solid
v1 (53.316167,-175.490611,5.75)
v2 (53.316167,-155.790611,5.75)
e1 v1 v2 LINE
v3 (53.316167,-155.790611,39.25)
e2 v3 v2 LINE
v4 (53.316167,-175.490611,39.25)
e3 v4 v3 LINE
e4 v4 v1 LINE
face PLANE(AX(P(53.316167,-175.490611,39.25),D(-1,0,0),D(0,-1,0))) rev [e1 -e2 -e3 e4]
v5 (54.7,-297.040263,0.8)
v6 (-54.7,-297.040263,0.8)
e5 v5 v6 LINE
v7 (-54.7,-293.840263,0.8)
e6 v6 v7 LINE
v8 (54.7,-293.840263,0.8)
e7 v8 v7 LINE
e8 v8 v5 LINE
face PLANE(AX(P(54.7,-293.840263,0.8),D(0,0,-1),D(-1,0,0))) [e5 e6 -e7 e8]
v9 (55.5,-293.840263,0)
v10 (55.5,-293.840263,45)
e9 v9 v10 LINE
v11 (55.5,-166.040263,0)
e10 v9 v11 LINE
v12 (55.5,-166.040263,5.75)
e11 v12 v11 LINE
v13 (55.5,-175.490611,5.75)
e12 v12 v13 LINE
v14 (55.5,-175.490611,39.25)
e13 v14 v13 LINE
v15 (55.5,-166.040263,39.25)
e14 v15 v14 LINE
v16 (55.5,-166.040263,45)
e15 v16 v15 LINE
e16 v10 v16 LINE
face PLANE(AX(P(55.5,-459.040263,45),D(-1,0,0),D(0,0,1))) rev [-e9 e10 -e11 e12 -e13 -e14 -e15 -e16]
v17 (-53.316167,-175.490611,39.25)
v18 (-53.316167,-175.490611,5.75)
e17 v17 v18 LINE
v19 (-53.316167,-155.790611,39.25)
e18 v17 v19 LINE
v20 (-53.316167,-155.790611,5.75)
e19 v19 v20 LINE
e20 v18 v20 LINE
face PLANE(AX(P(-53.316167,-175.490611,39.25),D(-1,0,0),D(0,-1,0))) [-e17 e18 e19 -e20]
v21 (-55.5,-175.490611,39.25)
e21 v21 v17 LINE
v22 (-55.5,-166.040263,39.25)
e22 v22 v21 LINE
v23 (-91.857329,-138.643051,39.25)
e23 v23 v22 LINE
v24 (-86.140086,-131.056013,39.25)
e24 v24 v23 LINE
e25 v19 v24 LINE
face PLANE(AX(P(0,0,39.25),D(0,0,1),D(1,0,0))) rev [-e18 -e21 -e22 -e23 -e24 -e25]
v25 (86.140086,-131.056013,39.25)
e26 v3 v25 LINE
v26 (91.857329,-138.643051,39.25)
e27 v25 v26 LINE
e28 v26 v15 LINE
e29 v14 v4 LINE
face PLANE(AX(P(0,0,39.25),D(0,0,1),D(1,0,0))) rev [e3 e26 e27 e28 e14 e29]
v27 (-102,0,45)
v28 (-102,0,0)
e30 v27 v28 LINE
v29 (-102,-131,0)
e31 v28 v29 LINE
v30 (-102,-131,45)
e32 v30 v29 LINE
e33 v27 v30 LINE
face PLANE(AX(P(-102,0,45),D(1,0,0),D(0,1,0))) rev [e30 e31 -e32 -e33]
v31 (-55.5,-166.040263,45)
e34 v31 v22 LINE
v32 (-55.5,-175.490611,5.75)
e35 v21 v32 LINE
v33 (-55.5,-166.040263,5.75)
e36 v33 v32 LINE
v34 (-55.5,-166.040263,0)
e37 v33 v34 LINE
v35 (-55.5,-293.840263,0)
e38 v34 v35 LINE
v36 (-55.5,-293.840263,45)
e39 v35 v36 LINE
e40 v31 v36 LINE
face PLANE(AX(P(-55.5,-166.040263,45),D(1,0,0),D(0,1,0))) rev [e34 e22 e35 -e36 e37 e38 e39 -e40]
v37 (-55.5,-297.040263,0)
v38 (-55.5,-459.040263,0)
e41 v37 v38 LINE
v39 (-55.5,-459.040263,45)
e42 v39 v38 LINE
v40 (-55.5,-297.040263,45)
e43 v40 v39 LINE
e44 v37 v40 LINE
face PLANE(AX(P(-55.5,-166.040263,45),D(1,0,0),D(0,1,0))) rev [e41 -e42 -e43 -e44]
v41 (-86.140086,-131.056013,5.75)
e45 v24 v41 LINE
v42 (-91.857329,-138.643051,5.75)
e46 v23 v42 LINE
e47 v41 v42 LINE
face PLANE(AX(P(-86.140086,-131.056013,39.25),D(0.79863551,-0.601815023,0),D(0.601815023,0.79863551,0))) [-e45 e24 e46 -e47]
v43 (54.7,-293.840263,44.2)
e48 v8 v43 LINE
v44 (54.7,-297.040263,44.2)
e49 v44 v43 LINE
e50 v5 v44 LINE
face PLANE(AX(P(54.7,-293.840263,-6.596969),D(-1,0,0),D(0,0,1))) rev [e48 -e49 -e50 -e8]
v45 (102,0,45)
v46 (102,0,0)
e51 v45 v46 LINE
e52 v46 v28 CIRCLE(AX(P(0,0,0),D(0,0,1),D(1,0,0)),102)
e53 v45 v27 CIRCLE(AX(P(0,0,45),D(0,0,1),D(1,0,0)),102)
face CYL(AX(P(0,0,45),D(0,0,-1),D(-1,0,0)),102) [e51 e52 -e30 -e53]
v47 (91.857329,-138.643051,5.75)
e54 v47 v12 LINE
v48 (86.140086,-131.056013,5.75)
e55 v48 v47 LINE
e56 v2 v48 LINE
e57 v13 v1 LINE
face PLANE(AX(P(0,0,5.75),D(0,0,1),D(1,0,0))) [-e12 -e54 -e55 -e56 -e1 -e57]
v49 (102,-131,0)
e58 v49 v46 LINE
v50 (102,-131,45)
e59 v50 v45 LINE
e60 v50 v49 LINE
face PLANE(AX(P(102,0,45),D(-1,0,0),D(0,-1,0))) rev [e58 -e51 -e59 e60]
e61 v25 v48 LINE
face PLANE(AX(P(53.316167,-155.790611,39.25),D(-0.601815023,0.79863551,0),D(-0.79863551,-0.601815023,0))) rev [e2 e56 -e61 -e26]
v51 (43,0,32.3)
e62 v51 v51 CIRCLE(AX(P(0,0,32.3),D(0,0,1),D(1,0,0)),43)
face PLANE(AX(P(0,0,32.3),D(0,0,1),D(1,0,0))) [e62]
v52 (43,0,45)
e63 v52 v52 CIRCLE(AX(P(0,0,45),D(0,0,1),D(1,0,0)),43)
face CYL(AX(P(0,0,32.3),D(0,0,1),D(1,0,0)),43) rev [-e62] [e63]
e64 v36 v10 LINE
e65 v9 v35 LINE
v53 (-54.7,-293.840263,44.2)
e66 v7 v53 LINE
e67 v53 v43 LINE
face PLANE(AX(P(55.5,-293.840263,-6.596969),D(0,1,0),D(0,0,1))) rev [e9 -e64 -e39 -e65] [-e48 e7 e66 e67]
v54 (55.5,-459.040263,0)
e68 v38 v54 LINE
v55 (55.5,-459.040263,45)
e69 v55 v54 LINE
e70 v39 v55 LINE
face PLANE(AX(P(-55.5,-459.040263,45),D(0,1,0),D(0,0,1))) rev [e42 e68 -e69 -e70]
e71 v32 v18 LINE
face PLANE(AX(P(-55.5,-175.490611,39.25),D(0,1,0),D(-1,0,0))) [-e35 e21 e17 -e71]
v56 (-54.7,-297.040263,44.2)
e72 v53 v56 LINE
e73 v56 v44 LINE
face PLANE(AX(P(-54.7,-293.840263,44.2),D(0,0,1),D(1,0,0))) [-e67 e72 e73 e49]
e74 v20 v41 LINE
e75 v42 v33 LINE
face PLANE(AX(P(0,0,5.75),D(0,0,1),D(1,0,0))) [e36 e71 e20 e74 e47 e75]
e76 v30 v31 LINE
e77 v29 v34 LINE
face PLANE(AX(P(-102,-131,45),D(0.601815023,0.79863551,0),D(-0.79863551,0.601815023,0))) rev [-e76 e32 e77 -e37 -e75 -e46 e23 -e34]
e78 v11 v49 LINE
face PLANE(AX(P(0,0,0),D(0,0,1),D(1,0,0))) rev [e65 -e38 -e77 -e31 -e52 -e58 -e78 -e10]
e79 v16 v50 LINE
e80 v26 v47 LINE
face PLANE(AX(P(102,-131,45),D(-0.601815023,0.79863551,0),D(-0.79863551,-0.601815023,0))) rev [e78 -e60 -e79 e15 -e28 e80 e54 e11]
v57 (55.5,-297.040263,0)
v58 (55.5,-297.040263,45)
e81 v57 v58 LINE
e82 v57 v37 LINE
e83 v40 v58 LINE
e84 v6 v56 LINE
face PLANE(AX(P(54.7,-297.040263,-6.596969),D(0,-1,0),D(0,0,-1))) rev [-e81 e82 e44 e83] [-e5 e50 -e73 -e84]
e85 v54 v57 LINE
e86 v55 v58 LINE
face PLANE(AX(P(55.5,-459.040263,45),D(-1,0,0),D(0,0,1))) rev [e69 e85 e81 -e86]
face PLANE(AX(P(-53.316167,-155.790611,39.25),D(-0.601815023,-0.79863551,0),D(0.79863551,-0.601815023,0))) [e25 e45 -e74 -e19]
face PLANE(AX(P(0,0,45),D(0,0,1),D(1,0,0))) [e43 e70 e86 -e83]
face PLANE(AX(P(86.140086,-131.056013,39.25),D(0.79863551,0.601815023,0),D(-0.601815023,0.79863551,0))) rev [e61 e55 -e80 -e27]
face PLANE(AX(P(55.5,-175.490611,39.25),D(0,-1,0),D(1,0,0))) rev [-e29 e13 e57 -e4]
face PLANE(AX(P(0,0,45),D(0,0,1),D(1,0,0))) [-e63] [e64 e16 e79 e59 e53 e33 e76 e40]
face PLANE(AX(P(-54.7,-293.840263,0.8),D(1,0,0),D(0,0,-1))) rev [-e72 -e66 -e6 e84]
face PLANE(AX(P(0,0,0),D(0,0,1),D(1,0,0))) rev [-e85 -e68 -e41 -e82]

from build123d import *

# Parameters (mm, degrees)
EXTRUDE_1_DEPTH     = 45
SKETCH_2_R          = 43
CUT_EXTRUDE_1_DEPTH = 12.7
CUT_EXTRUDE_6_DEPTH = 33.5
SKETCH_6_W          = 0.8
SKETCH_6_H          = 3.2


with BuildPart() as part:
    # Эскиз1 → Бобышка-Вытянуть1 (new body)
    with BuildSketch(Plane.XY):
        with BuildLine():
            Line((-102, 0), (-102, -131))
            Line((-102, -131), (-55.5, -166.04026333))
            Line((-55.5, -166.04026333), (-55.5, -459.04026333))
            Line((-55.5, -459.04026333), (55.5, -459.04026333))
            Line((55.5, -459.04026333), (55.5, -166.04026333))
            Line((55.5, -166.04026333), (102, -131))
            Line((102, -131), (102, 0))
            ThreePointArc((102, 0), (0, 102), (-102, 0))
        make_face()
    extrude(amount=EXTRUDE_1_DEPTH)

    # Эскиз2 → Вырез-Вытянуть1 (cut)
    with BuildSketch(Plane.XY.offset(45)):
        Circle(SKETCH_2_R)
    extrude(amount=-CUT_EXTRUDE_1_DEPTH, mode=Mode.SUBTRACT)

    # Sketch 1 2 → Вырез-Вытянуть6 (cut)
    with BuildSketch(Plane(origin=(91.857329022, -138.643050794, 39.25), x_dir=(-0.7228095146046781, -0.6910473251499855, 0), z_dir=(0, 0, -1))):
        Polygon((0, 0), (45.212193782, 5.321669076), (51.742831193, -1.509132064), (53.321326579, 0), (39.707694274, 14.239347438), (-1.110524428, 9.43486807), align=None)
    cut_extrude_6 = extrude(amount=CUT_EXTRUDE_6_DEPTH, mode=Mode.SUBTRACT)

    # Зеркальное отражение1: Вырез-Вытянуть6 across plane
    add(cut_extrude_6.mirror(Plane(origin=(0, 0, 0), x_dir=(0, 0, 1), z_dir=(1, 0, 0))), mode=Mode.SUBTRACT)

    # Вырез-По траектории1: sweep along a curve in space
    with BuildLine() as sweep_1_path:
        Line((55.5, -295.44026333, 45), (55.5, -295.44026333, 0))
        Line((55.5, -295.44026333, 0), (-55.5, -295.44026333, 0))
        Line((-55.5, -295.44026333, 0), (-55.5, -295.44026333, 45))
        Line((-55.5, -295.44026333, 45), (55.5, -295.44026333, 45))
    # Эскиз6 → Вырез-По траектории1 (sweep, cut)
    with BuildSketch(Plane.XY.offset(45)):
        with Locations((55.1, -295.44026333)):
            Rectangle(SKETCH_6_W, SKETCH_6_H)
    sweep(path=sweep_1_path.line, transition=Transition.RIGHT, mode=Mode.SUBTRACT)


solid = part.part
